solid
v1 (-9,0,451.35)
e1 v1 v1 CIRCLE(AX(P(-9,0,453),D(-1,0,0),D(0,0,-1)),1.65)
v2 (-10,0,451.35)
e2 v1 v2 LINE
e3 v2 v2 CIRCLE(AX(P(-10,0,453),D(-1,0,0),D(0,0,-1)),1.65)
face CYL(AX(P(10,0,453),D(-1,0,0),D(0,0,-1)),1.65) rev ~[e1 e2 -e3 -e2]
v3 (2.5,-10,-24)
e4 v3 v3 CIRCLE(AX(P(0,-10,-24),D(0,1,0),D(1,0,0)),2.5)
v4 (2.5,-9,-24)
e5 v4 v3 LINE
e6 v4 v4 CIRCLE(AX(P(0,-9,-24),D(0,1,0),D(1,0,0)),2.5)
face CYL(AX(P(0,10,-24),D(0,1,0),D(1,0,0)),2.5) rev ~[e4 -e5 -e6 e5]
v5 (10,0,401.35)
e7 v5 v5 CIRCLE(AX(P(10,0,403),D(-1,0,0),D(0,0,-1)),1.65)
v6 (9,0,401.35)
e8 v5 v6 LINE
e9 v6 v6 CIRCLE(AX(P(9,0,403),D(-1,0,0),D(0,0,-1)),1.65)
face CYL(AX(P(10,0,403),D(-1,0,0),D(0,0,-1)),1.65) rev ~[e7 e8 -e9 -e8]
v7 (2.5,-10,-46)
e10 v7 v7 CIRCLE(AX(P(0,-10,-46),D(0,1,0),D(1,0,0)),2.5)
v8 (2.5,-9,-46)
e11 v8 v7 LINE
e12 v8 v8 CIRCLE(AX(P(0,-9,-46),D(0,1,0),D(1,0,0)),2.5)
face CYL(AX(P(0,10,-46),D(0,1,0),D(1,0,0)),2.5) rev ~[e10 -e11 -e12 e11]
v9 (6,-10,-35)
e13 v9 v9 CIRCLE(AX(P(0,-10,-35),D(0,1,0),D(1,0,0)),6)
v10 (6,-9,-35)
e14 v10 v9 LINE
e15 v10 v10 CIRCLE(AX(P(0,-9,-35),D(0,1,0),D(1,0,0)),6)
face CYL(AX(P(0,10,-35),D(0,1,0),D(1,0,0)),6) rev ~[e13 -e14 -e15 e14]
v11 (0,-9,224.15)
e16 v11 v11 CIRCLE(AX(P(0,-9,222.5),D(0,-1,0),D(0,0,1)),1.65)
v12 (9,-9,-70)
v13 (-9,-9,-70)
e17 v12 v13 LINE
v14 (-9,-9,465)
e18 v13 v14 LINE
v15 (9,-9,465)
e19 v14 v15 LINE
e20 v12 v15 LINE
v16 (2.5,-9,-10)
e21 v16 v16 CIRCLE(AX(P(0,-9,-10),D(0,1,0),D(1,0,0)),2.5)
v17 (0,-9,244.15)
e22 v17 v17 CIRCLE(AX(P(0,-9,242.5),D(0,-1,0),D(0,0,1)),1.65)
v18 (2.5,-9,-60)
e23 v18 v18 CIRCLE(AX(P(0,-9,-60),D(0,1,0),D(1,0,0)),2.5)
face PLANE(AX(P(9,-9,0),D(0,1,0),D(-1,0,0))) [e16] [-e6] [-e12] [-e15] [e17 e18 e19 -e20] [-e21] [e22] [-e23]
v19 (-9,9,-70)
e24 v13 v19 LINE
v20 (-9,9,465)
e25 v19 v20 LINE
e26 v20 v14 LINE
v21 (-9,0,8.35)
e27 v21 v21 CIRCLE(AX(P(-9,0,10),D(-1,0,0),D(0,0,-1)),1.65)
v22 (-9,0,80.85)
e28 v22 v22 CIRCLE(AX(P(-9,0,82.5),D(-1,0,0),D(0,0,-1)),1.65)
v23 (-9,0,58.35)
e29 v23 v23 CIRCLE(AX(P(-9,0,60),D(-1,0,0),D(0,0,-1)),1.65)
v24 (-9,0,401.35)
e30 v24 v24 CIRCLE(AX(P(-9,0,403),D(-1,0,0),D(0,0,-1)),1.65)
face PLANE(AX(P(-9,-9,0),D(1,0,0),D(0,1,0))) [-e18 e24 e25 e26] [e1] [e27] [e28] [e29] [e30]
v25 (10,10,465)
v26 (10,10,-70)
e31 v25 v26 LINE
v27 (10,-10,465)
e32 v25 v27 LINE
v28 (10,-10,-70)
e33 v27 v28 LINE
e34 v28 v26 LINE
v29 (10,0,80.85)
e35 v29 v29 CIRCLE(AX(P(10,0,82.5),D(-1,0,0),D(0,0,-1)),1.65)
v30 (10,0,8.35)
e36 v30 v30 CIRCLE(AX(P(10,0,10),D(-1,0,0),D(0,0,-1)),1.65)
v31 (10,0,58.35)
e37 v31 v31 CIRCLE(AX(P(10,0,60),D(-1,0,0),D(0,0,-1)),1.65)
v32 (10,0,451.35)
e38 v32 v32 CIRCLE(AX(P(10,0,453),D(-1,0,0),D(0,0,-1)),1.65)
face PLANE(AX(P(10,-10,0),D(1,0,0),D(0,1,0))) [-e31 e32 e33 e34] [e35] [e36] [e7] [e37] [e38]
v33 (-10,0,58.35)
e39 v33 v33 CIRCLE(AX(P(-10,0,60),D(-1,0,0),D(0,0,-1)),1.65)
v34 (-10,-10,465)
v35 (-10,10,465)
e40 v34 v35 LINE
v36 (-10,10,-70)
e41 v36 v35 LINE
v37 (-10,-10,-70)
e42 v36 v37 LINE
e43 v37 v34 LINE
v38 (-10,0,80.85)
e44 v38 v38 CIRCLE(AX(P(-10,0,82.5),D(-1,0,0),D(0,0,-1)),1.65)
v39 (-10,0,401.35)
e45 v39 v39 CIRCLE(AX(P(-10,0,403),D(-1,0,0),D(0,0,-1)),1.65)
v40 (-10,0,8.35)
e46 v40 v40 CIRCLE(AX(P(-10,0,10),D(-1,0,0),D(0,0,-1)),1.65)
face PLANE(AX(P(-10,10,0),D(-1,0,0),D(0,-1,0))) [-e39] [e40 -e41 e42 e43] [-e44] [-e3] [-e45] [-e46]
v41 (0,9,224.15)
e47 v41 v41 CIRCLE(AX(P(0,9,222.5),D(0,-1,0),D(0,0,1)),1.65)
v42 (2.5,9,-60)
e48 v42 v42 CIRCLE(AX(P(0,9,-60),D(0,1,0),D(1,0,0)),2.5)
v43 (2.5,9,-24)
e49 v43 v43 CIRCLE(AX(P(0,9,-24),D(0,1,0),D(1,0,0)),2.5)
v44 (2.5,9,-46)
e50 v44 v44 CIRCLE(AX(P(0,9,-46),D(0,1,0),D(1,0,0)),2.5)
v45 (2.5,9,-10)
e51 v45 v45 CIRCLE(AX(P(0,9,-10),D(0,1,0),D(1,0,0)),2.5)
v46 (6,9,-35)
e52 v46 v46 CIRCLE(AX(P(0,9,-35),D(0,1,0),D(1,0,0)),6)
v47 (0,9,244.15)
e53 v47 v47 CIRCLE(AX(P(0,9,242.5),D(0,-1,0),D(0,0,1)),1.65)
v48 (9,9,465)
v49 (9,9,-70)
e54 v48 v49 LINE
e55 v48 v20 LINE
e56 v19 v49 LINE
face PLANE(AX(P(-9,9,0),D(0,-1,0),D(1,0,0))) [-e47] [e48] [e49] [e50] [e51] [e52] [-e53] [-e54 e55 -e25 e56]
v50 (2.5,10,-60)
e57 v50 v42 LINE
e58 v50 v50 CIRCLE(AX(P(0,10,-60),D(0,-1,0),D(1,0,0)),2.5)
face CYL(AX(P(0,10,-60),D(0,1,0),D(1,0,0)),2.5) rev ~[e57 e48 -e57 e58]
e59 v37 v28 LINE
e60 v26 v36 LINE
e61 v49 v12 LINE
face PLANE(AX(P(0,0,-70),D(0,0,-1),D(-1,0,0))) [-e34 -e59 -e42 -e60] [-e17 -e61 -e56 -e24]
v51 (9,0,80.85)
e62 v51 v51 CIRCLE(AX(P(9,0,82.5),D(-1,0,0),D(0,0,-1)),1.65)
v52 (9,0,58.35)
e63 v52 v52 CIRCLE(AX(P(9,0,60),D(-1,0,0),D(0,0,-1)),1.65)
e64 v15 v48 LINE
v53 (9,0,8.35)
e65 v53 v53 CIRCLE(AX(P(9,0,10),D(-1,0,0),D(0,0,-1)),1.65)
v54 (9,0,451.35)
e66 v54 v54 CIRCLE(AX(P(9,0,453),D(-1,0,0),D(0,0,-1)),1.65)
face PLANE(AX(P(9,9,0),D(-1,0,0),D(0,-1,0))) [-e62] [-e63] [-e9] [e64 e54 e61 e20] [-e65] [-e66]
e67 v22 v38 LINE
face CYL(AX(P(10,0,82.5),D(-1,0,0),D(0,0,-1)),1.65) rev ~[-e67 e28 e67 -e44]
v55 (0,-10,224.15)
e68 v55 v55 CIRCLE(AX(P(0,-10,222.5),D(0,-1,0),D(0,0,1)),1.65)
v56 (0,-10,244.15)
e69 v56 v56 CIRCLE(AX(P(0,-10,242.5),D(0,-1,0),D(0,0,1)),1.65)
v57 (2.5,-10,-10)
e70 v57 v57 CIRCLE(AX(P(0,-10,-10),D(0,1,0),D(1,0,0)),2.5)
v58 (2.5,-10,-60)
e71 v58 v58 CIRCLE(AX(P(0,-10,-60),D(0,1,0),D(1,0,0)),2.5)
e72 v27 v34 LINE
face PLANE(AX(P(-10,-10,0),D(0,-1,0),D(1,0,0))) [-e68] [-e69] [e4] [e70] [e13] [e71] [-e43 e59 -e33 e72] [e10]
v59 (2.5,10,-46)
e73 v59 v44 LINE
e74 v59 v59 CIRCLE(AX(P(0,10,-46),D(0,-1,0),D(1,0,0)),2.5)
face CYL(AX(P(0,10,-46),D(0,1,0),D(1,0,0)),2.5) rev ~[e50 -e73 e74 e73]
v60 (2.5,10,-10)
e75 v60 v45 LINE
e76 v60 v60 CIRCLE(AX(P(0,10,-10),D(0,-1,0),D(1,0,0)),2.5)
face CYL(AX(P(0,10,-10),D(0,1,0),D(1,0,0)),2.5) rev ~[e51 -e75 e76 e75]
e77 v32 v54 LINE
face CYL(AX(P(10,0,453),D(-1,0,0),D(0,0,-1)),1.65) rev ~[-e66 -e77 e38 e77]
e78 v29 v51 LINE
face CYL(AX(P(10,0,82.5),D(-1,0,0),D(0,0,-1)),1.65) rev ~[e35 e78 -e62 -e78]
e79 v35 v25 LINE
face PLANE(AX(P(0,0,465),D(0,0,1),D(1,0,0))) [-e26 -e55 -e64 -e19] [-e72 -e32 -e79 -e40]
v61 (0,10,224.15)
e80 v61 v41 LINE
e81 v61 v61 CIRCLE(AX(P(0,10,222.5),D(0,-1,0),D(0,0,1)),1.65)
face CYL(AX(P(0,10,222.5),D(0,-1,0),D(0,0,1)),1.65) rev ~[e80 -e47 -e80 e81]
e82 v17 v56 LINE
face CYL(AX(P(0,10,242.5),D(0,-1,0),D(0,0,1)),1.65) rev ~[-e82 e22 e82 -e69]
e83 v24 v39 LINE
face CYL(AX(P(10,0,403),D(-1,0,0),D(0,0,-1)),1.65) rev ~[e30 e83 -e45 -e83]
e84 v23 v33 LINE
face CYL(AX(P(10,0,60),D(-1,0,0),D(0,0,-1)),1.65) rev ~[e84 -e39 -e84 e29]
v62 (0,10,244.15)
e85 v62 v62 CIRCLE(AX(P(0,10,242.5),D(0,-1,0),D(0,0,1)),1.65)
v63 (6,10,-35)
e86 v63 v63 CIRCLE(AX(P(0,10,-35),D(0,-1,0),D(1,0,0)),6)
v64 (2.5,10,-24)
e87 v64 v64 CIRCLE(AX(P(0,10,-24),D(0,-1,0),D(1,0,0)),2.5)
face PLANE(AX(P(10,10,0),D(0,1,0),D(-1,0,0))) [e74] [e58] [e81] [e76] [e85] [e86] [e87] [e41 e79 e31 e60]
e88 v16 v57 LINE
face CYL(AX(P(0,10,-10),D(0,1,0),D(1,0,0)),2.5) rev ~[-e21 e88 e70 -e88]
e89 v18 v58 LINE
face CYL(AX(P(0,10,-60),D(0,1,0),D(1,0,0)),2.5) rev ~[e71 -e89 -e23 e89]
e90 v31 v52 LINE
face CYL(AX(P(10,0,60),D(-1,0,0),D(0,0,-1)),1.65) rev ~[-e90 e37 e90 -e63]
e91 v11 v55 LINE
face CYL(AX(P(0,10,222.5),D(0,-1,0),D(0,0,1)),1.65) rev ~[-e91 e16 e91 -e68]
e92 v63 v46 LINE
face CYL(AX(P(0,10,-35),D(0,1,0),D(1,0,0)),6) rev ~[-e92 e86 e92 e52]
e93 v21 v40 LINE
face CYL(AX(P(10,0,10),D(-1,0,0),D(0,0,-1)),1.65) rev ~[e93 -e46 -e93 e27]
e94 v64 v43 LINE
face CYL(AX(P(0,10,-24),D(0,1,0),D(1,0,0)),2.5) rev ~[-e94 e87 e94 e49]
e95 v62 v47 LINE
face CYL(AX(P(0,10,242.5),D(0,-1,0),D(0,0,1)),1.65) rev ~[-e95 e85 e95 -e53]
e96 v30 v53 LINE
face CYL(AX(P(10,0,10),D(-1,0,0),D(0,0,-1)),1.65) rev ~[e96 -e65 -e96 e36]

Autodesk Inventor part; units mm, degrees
ref_plane "YZ Plane" through (0, 0, 0) normal (1, 0, 0) x (0, 1, 0)
ref_plane "XZ Plane" through (0, 0, 0) normal (0, 1, 0) x (-1, 0, 0)
ref_plane "XY Plane" through (0, 0, 0) normal (0, 0, 1) x (1, 0, 0)
sketch "スケッチ1" plane through (0, 0, 0) normal (0, 0, 1) x (1, 0, 0)
  line L0 (10, -10) -> (-10, -10)
  line L1 (-10, -10) -> (-10, 10)
  line L2 (-10, 10) -> (10, 10)
  line L3 (10, 10) -> (10, -10)
  line L4 (10, -10) -> (-10, 10) construction
  line L5 (-10, -10) -> (10, 10) construction
  line L6 (9, 9) -> (-9, 9)
  line L7 (-9, 9) -> (-9, -9)
  line L8 (-9, -9) -> (9, -9)
  line L9 (9, -9) -> (9, 9)
  point P0 (0, 0)
  dimension "d0" = 20
  dimension "d1" = 20
  dimension "d2" = 1
extrude "押し出し1" add sketch "スケッチ1" along normal blind 465
sketch "スケッチ2" plane through (10, -10, 0) normal (1, 0, 0) x (0, 0, -1)
  line L0 (0, 10) -> (-465, 10)
  line L1 (-465, 0) -> (-465, 20) projected
  line L2 (0, 0) -> (0, 20) projected
  point P0 (-403, 10)
  point P1 (-60, 10)
  point P2 (-10, 10)
  point P3 (-453, 10)
  point P4 (-82.5, 10)
  point P5 (-232.5, 10)
  dimension "d5" = 343
  dimension "d6" = 50
  dimension "d7" = 10
  dimension "d15" = 50
  dimension "d17" = 465
  dimension "d28" = 150
hole "穴1" at (10, 0, 403) at (10, 0, 60) at (10, 0, 10) at (10, 0, 453) at (10, 0, 82.5) direction (-1, 0, 0) diameter 3.3 end through all
sketch "スケッチ3" plane through (-10, 10, 0) normal (0, 1, 0) x (1, 0, 0)
  line L0 (10, 0) -> (10, -465)
  line L1 (20, -465) -> (0, -465) projected
  point P0 (10, -242.5)
  point P1 (10, -222.5)
  point P2 (10, -232.5)
  dimension "d19" = 20
  dimension "d20" = 10
hole "穴2" at (0, 10, 242.5) at (0, 10, 222.5) direction (0, -1, 0) diameter 3.3 end through all
sketch "スケッチ4" plane through (0, 0, 0) normal (0, 0, -1) x (-1, 0, 0)
  line L0 (-10, 10) -> (10, 10) projected
  line L1 (-10, -10) -> (-10, 10) projected
  line L2 (10, -10) -> (-10, -10) projected
  line L3 (10, 10) -> (10, -10) projected
  line L4 (-9, 9) -> (-9, -9) projected
  line L5 (9, 9) -> (-9, 9) projected
  line L6 (9, -9) -> (9, 9) projected
  line L7 (-9, -9) -> (9, -9) projected
  point P0 (0, 0)
extrude "押し出し2" add sketch "スケッチ4" along normal blind 70
sketch "スケッチ5" plane through (-10, 10, 465) normal (0, 1, 0) x (1, 0, 0)
  line L0 (10, 465) -> (10, 535)
  line L1 (1, 535) -> (19, 535) projected
  circle A0 centre (10, 475) radius 2.5
  circle A1 centre (10, 525) radius 2.5
  circle A2 centre (10, 489) radius 2.5
  circle A3 centre (10, 511) radius 2.5
  circle A4 centre (10, 500) radius 6
  dimension "d34" = 5
  dimension "d35" = 5
  dimension "d38" = 5
  dimension "d39" = 5
  dimension "d40" = 22
  dimension "d42" = 12
  dimension "d43" = 25
  dimension "d44" = 25
  dimension "d45" = 11
  dimension "d46" = 35
  dimension "d47" = 60
extrude "押し出し3" cut sketch "スケッチ5" against normal blind 70
equation "\"d35\" = d38"
equation "\"d39\" = d38"
equation "\"d45\" = 0.5 * d40"
properties part number "kaku_1010_530"
